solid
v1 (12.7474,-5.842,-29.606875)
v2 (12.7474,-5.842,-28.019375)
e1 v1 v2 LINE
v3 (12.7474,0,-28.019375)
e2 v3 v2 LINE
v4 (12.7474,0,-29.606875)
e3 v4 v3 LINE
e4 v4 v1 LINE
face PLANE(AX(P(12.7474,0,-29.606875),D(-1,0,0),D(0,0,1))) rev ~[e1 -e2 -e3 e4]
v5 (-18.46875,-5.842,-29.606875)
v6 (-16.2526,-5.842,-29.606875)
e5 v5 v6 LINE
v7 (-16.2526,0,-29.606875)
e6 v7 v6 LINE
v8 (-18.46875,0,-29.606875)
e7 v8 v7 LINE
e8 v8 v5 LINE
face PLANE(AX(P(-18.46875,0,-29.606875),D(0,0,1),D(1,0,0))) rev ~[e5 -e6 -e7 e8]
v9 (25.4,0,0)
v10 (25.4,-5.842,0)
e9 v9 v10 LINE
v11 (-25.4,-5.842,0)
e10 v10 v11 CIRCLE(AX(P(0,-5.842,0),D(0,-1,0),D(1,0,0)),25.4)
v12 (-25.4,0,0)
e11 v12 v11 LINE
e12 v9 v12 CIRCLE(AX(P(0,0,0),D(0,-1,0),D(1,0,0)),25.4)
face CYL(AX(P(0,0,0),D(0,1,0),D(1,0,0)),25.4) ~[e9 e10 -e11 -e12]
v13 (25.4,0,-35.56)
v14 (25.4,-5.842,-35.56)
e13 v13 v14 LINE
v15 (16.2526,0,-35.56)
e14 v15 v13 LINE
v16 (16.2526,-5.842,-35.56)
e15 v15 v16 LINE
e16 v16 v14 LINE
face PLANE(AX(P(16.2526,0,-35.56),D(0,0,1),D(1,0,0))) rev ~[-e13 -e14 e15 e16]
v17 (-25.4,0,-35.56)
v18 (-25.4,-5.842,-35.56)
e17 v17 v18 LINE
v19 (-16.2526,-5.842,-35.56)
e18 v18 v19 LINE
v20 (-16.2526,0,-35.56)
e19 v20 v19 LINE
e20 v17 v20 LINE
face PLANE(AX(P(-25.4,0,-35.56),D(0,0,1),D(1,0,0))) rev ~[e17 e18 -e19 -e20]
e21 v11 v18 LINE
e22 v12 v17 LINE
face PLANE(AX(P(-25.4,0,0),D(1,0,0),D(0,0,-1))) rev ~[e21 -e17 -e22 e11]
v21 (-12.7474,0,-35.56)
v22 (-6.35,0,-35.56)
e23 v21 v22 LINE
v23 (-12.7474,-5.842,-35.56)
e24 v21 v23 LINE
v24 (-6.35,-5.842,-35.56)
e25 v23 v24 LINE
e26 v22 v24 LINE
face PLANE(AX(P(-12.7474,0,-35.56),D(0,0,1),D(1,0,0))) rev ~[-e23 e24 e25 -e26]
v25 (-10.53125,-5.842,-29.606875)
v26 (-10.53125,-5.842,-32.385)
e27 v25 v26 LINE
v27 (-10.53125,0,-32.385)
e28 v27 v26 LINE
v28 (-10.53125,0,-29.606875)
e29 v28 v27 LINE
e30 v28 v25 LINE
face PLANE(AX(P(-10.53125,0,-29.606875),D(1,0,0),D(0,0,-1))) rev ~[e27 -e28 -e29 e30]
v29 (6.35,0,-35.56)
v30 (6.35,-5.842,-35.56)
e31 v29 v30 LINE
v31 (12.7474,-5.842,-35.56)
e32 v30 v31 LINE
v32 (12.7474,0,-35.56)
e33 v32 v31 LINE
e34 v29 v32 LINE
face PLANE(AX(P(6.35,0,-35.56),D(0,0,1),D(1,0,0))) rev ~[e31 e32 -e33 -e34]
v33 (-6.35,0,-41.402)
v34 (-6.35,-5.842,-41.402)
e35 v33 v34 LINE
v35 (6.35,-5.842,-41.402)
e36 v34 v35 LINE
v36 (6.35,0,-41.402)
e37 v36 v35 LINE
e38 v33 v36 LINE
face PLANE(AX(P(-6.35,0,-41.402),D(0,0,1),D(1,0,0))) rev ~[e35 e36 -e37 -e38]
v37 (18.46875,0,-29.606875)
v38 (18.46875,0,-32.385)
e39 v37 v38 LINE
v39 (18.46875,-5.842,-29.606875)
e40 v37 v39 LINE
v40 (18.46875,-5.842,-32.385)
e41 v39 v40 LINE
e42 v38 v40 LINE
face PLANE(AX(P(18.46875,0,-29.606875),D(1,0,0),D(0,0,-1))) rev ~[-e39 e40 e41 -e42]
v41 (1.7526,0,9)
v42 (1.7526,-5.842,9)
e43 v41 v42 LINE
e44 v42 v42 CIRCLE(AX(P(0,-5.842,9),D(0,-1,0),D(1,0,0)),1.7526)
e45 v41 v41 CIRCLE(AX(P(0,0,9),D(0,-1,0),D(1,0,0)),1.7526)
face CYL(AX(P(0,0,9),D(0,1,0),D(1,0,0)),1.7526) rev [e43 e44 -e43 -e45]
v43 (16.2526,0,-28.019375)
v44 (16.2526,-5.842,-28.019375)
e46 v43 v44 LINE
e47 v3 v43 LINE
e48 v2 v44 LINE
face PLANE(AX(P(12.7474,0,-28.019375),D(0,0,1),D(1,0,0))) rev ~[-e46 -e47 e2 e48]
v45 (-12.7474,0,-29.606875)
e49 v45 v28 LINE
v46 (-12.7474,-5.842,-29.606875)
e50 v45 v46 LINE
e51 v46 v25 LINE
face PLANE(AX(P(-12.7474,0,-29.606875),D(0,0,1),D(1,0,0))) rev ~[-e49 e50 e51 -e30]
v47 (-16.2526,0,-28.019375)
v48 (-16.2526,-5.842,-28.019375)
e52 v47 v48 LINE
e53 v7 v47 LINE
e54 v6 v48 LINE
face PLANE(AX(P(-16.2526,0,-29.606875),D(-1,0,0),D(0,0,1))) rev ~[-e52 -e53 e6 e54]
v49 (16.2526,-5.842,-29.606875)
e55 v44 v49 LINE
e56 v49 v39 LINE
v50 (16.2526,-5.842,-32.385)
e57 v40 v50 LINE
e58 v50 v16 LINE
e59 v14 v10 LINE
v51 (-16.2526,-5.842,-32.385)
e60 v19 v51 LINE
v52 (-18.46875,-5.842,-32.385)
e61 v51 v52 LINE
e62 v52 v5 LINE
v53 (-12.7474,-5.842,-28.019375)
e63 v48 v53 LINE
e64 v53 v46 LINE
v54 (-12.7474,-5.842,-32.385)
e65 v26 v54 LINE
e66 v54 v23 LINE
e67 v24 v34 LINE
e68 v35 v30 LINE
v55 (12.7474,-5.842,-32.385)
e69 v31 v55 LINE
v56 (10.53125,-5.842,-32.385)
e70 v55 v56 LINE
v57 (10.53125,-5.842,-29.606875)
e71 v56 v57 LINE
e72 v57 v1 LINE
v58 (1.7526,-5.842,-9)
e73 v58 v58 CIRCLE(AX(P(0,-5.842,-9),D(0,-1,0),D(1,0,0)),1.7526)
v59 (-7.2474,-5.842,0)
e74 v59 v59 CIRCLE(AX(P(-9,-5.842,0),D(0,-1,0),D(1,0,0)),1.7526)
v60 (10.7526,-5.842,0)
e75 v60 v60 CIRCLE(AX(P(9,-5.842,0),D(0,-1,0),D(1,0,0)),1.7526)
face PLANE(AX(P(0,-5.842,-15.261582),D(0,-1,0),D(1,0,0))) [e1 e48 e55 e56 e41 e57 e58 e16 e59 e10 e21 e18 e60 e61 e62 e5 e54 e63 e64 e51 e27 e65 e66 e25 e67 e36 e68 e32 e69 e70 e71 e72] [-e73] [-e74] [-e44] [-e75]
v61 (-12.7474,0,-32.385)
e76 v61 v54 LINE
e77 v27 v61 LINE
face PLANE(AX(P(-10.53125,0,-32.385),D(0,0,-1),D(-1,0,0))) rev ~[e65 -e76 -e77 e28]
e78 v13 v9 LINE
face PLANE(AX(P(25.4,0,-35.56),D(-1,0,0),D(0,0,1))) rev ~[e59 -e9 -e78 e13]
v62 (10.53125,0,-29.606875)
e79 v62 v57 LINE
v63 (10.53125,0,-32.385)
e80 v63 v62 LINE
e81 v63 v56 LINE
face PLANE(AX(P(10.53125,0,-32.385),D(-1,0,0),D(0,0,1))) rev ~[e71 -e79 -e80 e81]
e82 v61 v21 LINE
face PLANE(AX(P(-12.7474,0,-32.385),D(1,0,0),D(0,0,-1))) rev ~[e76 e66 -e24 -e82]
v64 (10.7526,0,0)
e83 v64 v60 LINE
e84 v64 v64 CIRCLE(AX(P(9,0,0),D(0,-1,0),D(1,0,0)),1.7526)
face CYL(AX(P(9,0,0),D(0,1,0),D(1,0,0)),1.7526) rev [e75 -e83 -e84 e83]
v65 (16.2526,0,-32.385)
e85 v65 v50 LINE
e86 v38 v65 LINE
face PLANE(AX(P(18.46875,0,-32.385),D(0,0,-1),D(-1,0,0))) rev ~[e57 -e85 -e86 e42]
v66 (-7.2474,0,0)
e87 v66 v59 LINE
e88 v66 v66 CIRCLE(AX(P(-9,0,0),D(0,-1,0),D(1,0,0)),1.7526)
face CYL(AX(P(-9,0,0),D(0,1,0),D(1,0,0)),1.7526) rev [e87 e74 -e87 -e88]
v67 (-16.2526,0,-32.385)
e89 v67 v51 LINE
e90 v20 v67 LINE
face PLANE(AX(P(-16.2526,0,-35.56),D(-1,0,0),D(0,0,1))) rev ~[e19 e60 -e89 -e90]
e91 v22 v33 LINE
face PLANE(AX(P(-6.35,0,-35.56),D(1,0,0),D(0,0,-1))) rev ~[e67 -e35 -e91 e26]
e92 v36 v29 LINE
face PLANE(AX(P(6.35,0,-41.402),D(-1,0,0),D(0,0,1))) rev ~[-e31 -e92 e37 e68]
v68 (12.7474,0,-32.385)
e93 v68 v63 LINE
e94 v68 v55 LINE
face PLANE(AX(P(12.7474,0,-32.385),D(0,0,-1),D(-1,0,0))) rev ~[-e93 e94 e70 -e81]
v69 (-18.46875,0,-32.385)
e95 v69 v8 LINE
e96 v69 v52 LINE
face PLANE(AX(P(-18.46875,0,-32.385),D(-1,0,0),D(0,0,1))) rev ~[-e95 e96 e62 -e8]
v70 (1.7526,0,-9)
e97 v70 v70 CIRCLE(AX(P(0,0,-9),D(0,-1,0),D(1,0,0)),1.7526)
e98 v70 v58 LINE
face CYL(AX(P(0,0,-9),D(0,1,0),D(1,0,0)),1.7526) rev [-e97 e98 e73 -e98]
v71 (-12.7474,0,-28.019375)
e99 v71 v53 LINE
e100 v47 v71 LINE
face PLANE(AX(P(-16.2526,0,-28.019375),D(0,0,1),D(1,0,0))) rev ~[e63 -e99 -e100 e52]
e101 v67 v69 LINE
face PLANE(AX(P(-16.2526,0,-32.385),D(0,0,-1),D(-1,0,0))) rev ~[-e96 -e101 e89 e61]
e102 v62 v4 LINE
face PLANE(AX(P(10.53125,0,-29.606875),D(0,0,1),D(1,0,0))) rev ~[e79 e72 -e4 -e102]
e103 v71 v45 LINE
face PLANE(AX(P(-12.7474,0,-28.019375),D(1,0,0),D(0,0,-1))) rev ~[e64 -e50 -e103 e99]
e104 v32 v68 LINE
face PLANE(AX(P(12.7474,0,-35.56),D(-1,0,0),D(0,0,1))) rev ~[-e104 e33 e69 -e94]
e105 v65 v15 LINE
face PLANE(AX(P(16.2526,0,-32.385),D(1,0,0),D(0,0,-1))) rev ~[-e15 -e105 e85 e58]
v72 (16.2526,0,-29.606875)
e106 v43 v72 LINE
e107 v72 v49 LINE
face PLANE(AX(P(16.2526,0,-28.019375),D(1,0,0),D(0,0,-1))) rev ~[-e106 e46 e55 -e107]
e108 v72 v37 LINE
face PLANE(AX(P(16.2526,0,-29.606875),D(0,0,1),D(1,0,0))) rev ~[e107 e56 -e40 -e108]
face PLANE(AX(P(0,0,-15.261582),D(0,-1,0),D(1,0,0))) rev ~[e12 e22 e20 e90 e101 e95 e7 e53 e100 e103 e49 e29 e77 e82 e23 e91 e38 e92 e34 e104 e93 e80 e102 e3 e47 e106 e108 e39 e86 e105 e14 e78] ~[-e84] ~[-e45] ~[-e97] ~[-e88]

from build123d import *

# Parameters (mm, degrees)
F0_R     = 1.7526
F1_DEPTH = 5.842


with BuildPart() as f1:
    # F0 (on Front) → F1 (new body)
    with BuildSketch(Plane.XZ):
        with BuildLine():
            ThreePointArc((25.4, 0), (0, 25.4), (-25.4, 0))
            Line((-25.4, 0), (-25.4, -35.56))
            Line((-25.4, -35.56), (-16.2526, -35.56))
            Line((-16.2526, -35.56), (-16.2526, -32.385))
            Line((-16.2526, -32.385), (-18.46875, -32.385))
            Line((-18.46875, -32.385), (-18.46875, -29.606875))
            Line((-18.46875, -29.606875), (-16.2526, -29.606875))
            Line((-16.2526, -29.606875), (-16.2526, -28.019375))
            Line((-16.2526, -28.019375), (-12.7474, -28.019375))
            Line((-12.7474, -28.019375), (-12.7474, -29.606875))
            Line((-12.7474, -29.606875), (-10.53125, -29.606875))
            Line((-10.53125, -29.606875), (-10.53125, -32.385))
            Line((-10.53125, -32.385), (-12.7474, -32.385))
            Line((-12.7474, -32.385), (-12.7474, -35.56))
            Line((-12.7474, -35.56), (-6.35, -35.56))
            Line((-6.35, -35.56), (-6.35, -41.402))
            Line((-6.35, -41.402), (6.35, -41.402))
            Line((6.35, -41.402), (6.35, -35.56))
            Line((6.35, -35.56), (12.7474, -35.56))
            Line((12.7474, -35.56), (12.7474, -32.385))
            Line((12.7474, -32.385), (10.53125, -32.385))
            Line((10.53125, -32.385), (10.53125, -29.606875))
            Line((10.53125, -29.606875), (12.7474, -29.606875))
            Line((12.7474, -29.606875), (12.7474, -28.019375))
            Line((12.7474, -28.019375), (16.2526, -28.019375))
            Line((16.2526, -28.019375), (16.2526, -29.606875))
            Line((16.2526, -29.606875), (18.46875, -29.606875))
            Line((18.46875, -29.606875), (18.46875, -32.385))
            Line((18.46875, -32.385), (16.2526, -32.385))
            Line((16.2526, -32.385), (16.2526, -35.56))
            Line((16.2526, -35.56), (25.4, -35.56))
            Line((25.4, -35.56), (25.4, 0))
        make_face()
        with Locations((0, -9)):
            Circle(F0_R, mode=Mode.SUBTRACT)
        with Locations((-9, 0)):
            Circle(F0_R, mode=Mode.SUBTRACT)
        with Locations((0, 9)):
            Circle(F0_R, mode=Mode.SUBTRACT)
        with Locations((9, 0)):
            Circle(F0_R, mode=Mode.SUBTRACT)
    extrude(amount=F1_DEPTH)


solid = f1.part
